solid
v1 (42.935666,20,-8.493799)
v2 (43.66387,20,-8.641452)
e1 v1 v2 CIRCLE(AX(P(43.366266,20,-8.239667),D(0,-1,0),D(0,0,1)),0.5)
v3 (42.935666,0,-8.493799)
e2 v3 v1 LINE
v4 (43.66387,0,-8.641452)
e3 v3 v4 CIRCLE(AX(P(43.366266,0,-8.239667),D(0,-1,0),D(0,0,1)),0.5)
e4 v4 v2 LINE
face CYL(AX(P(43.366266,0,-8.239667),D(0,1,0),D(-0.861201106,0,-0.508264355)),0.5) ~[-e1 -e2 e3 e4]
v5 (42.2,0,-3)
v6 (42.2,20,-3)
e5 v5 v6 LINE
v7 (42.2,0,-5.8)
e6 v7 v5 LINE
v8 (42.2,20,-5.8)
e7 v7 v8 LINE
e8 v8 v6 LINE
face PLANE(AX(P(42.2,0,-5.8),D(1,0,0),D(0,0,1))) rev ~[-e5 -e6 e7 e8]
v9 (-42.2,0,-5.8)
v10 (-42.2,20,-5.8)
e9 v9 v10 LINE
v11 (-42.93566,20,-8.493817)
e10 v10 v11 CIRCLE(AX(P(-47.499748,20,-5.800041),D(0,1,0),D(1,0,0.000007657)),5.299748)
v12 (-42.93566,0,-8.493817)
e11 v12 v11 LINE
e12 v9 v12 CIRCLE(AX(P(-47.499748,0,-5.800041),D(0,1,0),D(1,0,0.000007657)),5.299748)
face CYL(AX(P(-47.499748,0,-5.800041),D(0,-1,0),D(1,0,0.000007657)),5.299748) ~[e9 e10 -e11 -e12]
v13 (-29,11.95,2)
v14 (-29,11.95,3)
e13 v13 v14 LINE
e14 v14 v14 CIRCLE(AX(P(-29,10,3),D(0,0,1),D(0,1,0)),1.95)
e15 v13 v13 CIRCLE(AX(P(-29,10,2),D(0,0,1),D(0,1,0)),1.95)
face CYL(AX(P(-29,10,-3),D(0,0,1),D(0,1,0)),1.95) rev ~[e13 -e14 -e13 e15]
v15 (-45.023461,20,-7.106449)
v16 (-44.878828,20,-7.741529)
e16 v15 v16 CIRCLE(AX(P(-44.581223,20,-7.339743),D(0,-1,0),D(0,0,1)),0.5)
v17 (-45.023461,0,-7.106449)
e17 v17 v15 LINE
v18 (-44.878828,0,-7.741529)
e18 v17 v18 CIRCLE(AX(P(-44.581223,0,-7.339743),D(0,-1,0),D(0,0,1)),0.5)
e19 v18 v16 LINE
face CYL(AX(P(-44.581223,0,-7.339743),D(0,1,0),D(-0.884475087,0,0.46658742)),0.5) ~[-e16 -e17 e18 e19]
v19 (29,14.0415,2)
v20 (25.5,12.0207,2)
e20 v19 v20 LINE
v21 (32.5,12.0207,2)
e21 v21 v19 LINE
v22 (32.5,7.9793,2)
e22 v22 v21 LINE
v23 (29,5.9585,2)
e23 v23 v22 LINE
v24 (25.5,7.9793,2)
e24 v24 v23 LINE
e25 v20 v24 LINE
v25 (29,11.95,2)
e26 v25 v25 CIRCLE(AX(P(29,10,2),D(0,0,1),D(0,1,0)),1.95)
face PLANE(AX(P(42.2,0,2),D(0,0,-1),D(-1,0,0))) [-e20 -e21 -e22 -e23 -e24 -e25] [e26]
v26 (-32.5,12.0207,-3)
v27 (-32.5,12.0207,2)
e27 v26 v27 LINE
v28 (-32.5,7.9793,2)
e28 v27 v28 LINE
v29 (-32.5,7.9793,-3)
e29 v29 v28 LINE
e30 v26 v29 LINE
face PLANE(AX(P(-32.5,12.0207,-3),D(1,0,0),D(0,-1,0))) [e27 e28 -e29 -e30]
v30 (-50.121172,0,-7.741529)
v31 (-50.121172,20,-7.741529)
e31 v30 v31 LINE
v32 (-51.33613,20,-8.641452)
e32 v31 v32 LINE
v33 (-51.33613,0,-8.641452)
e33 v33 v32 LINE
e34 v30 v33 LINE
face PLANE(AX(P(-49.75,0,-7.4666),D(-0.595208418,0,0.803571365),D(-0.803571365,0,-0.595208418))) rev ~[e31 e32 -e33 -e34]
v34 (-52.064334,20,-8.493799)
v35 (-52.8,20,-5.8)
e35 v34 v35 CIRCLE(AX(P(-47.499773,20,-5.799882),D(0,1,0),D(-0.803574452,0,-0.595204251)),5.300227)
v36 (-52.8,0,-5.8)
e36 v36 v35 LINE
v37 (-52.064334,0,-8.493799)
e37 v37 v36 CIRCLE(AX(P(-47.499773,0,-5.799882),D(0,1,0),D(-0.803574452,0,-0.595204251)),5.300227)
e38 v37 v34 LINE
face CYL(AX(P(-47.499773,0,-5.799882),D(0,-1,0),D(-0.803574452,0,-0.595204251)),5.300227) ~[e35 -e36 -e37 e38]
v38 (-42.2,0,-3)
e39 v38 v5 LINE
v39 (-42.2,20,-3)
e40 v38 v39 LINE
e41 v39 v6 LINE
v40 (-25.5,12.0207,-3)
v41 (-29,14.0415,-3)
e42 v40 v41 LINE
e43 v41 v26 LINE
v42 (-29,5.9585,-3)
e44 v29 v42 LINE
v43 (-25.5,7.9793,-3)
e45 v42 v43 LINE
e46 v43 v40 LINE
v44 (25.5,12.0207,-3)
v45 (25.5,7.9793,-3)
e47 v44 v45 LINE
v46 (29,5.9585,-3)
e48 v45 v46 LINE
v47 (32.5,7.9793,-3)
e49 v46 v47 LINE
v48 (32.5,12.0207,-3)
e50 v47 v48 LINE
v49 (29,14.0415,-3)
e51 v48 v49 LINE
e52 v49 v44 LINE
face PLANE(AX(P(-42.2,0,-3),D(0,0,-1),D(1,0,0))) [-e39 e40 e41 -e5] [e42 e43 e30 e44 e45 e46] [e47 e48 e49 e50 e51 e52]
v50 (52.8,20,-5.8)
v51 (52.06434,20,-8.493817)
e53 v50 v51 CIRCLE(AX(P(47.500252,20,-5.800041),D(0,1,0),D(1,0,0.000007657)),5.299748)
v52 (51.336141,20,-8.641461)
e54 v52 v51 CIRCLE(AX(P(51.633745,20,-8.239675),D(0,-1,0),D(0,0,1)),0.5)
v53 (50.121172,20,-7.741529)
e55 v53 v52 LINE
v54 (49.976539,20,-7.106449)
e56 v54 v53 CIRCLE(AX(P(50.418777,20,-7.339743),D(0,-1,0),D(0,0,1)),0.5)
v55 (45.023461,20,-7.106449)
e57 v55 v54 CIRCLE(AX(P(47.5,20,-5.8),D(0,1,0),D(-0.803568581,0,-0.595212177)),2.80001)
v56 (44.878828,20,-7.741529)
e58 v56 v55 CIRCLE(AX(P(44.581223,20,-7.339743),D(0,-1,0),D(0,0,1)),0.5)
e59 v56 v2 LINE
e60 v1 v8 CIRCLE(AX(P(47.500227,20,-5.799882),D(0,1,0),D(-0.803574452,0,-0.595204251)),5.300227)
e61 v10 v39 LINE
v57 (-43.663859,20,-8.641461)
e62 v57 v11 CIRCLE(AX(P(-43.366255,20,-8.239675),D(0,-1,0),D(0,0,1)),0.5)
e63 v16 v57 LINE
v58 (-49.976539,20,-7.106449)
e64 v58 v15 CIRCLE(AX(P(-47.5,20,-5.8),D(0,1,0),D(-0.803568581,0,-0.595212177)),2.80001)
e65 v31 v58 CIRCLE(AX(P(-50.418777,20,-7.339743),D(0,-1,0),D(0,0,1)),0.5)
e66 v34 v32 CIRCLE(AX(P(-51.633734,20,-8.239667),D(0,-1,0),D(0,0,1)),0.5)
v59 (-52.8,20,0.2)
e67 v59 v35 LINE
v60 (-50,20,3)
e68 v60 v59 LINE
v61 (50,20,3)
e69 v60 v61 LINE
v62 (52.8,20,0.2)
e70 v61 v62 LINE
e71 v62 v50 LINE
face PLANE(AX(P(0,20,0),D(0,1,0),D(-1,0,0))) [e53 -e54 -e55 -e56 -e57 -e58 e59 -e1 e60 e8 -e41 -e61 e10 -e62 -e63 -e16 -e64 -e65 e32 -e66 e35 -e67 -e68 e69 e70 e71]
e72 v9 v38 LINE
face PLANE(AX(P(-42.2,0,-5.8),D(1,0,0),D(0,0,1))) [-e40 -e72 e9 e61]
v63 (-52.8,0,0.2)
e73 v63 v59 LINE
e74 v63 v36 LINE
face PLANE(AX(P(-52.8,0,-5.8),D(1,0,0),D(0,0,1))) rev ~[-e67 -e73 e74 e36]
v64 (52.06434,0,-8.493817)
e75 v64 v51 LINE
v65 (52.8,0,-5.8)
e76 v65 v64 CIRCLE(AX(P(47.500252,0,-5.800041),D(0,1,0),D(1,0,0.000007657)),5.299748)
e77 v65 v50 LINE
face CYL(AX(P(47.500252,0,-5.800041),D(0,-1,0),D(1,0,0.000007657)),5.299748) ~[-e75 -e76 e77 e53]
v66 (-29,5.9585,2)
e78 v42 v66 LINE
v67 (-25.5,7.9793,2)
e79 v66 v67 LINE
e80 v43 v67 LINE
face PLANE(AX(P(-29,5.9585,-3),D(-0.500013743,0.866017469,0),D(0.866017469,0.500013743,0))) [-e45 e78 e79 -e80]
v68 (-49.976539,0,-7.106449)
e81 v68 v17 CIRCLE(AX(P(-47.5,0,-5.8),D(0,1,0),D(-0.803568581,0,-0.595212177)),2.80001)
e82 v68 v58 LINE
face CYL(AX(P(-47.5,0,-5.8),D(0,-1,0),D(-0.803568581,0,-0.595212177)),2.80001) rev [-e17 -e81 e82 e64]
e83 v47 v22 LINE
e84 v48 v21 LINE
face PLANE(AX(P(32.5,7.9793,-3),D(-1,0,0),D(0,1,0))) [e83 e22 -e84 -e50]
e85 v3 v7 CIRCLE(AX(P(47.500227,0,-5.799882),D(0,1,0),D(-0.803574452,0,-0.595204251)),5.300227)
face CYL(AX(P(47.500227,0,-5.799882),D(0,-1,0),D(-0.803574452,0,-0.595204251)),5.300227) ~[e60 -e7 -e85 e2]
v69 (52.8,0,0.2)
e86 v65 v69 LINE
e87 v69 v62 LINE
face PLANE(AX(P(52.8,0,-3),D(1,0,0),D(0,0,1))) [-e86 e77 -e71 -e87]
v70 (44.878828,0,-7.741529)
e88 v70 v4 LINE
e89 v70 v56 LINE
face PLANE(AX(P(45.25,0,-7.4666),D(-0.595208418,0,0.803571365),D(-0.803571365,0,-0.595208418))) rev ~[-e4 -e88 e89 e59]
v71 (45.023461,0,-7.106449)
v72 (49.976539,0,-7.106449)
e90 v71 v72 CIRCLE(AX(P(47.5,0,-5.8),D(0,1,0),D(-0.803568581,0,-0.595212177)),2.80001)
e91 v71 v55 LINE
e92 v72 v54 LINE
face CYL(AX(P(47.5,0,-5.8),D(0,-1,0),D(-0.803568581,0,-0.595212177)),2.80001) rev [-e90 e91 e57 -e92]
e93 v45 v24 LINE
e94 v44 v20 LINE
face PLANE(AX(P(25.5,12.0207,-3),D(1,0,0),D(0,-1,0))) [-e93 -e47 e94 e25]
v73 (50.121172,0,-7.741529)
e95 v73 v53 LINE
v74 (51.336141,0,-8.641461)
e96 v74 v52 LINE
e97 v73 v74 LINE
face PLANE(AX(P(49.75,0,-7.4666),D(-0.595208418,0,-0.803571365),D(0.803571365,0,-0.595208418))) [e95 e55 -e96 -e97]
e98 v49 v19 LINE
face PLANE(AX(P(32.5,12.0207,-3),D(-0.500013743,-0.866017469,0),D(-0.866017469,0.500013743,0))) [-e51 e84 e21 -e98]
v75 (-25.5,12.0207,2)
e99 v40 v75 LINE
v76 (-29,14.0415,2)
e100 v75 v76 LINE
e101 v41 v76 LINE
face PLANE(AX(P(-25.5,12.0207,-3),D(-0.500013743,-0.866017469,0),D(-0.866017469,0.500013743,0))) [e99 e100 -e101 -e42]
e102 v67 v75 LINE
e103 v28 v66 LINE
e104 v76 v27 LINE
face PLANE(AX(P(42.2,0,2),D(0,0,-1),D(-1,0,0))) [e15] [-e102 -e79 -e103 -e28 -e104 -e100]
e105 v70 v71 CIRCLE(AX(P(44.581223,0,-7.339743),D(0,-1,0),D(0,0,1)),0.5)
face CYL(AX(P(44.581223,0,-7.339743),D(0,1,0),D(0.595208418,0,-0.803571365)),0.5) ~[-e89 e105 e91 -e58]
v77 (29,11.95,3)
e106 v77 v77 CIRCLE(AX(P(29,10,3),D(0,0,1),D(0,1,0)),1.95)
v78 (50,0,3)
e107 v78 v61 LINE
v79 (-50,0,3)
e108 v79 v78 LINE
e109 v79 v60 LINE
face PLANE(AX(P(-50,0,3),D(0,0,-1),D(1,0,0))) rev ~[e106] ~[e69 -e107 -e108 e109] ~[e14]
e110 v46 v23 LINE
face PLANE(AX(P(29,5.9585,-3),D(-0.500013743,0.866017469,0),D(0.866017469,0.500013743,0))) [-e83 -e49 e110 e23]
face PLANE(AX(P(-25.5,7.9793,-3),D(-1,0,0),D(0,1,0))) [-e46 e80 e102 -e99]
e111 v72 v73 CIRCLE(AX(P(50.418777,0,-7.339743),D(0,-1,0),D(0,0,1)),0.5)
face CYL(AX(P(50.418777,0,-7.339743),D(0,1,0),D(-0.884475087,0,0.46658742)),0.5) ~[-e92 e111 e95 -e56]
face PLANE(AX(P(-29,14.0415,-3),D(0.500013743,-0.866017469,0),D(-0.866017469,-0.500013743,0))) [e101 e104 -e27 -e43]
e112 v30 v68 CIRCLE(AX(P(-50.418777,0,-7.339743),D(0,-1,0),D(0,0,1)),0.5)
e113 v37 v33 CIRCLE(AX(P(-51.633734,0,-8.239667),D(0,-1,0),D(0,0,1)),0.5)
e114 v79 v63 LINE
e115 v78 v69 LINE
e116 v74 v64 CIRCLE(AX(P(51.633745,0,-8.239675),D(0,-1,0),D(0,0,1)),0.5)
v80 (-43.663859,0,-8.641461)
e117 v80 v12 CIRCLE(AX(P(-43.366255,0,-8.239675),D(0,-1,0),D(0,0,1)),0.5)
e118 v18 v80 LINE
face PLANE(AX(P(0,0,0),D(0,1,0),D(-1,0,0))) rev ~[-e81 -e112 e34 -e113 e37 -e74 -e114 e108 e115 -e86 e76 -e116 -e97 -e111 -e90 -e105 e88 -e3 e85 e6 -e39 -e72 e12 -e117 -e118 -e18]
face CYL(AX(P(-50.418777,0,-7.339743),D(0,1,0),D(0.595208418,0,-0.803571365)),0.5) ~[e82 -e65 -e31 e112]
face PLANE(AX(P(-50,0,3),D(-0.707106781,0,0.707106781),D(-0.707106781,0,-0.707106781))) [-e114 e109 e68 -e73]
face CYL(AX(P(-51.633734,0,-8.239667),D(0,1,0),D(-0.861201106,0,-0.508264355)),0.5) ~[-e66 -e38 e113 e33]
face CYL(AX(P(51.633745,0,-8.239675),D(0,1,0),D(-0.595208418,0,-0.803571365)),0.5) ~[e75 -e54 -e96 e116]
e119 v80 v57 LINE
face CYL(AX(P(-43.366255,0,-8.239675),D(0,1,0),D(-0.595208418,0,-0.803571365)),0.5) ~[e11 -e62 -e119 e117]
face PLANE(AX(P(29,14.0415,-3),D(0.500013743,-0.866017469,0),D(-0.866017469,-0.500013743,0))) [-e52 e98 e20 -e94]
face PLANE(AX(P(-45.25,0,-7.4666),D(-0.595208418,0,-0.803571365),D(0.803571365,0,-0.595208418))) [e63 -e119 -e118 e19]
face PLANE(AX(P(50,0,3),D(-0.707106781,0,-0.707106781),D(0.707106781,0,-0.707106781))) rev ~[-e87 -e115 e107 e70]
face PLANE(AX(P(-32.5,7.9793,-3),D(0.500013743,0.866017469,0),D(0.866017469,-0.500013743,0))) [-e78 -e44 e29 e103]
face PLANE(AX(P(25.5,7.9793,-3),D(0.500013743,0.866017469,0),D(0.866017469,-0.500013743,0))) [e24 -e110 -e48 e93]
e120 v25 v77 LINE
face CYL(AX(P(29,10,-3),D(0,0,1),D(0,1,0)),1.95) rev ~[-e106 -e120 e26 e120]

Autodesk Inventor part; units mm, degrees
ref_plane "YZ Plane" through (0, 0, 0) normal (1, 0, 0) x (0, 1, 0)
ref_plane "XZ Plane" through (0, 0, 0) normal (0, 1, 0) x (-1, 0, 0)
ref_plane "XY Plane" through (0, 0, 0) normal (0, 0, 1) x (1, 0, 0)
sketch "Sketch1" plane through (0, 0, 0) normal (0, 1, 0) x (-1, 0, 0)
  line L0 (52.8, -3) -> (-52.8, -3) construction
  line L1 (-52.8, -3) -> (-52.8, 3)
  line L2 (-52.8, 3) -> (52.8, 3) construction
  line L3 (52.8, 3) -> (52.8, -3)
  circle A0 centre (47.5, -5.8) radius 2.8 construction
  circle A1 centre (-47.5, -5.8) radius 2.8 construction
  line L4 (50.3, -5.8) -> (50.3, -3) construction
  line L5 (44.7, -5.8) -> (44.7, -3) construction
  circle A2 centre (47.5, -5.8) radius 5.3 construction
  line L6 (52.8, -5.8) -> (52.8, -3)
  line L7 (42.2, -5.8) -> (42.2, -3)
  arc A3 (51.7589, -8.9546) -> (52.8, -5.8) centre (47.5, -5.8) ccw
  arc A4 (42.2, -5.8) -> (43.2411, -8.9546) centre (47.5, -5.8) ccw
  circle A5 centre (-47.5, -5.8) radius 5.3 construction
  line L8 (0, -3) -> (0, 3) construction
  line L9 (47.5, -5.8) -> (47.5, -3) construction
  line L10 (-47.5, -5.8) -> (-47.5, -3) construction
  line L11 (-42.2, -5.8) -> (-42.2, -3)
  line L12 (-52.8, -5.8) -> (-52.8, -3)
  arc A6 (-43.2411, -8.9546) -> (-42.2, -5.8) centre (-47.5, -5.8) ccw
  arc A7 (-52.8, -5.8) -> (-51.7589, -8.9546) centre (-47.5, -5.8) ccw
  line L13 (42.2, -3) -> (-42.2, -3)
  arc A8 (49.75, -7.4666) -> (45.25, -7.4666) centre (47.5, -5.8) ccw
  line L14 (49.75, -7.4666) -> (51.7589, -8.9546)
  line L15 (45.25, -7.4666) -> (43.2411, -8.9546)
  arc A9 (-45.25, -7.4666) -> (-49.75, -7.4666) centre (-47.5, -5.8) ccw
  line L16 (-45.25, -7.4666) -> (-43.2411, -8.9546)
  line L17 (-49.75, -7.4666) -> (-51.7589, -8.9546)
  line L18 (50, 3) -> (-50, 3)
  line L19 (-50, 3) -> (-52.8, 0.2)
  line L20 (50, 3) -> (52.8, 0.2)
  point P0 (0, 0)
  point P1 (0, 0)
  point P2 (47.5, -3)
  point P3 (-53.25, -3)
  dimension "d0" = 95
  dimension "d1" = 2.5
  dimension "d4" = 6
  dimension "d5" = 6
  dimension "d20" = 5.6
  dimension "d21" = 4.5
  dimension "d22" = 100
extrude "Extrusion1" add sketch "Sketch1" along normal blind 20
fillet "Fillet1" radius 0.5 8 edges at (45.25, 10, -7.4666) (43.2411, 10, -8.9546) (51.7589, 10, -8.9546) (49.75, 10, -7.4666) (-51.7589, 10, -8.9546) (-49.75, 10, -7.4666) (-43.2411, 10, -8.9546) (-45.25, 10, -7.4666)
sketch "Sketch2" plane through (42.2, 0, -3) normal (0, 0, -1) x (-1, 0, 0)
  line L0 (0, 0) -> (84.4, 0) construction
  line L1 (0, 20) -> (84.4, 20) construction
  line L2 (42.2, 20) -> (42.2, 0) construction
  line L3 (13.2, 10) -> (71.2, 10) construction
  line L4 (9.7, 12.0207) -> (13.2, 14.0415)
  line L5 (13.2, 14.0415) -> (16.7, 12.0207)
  line L6 (16.7, 12.0207) -> (16.7, 7.9793)
  line L7 (16.7, 7.9793) -> (13.2, 5.9585)
  line L8 (13.2, 5.9585) -> (9.7, 7.9793)
  line L9 (9.7, 7.9793) -> (9.7, 12.0207)
  line L10 (74.7, 12.0207) -> (74.7, 7.9793)
  line L11 (74.7, 7.9793) -> (71.2, 5.9585)
  line L12 (71.2, 5.9585) -> (67.7, 7.9793)
  line L13 (67.7, 7.9793) -> (67.7, 12.0207)
  line L14 (67.7, 12.0207) -> (71.2, 14.0415)
  line L15 (71.2, 14.0415) -> (74.7, 12.0207)
  point P0 (42.2, 10)
  point P1 (42.2, 10)
  dimension "d9" = 58
  dimension "d10" = 7
extrude "Extrusion2" cut sketch "Sketch2" against normal blind 5
hole "Hole1" at (29, 10, -3) at (-29, 10, -3) direction (0, 0, 1) diameter 3.9 end through all
properties part number "switch_mount"
